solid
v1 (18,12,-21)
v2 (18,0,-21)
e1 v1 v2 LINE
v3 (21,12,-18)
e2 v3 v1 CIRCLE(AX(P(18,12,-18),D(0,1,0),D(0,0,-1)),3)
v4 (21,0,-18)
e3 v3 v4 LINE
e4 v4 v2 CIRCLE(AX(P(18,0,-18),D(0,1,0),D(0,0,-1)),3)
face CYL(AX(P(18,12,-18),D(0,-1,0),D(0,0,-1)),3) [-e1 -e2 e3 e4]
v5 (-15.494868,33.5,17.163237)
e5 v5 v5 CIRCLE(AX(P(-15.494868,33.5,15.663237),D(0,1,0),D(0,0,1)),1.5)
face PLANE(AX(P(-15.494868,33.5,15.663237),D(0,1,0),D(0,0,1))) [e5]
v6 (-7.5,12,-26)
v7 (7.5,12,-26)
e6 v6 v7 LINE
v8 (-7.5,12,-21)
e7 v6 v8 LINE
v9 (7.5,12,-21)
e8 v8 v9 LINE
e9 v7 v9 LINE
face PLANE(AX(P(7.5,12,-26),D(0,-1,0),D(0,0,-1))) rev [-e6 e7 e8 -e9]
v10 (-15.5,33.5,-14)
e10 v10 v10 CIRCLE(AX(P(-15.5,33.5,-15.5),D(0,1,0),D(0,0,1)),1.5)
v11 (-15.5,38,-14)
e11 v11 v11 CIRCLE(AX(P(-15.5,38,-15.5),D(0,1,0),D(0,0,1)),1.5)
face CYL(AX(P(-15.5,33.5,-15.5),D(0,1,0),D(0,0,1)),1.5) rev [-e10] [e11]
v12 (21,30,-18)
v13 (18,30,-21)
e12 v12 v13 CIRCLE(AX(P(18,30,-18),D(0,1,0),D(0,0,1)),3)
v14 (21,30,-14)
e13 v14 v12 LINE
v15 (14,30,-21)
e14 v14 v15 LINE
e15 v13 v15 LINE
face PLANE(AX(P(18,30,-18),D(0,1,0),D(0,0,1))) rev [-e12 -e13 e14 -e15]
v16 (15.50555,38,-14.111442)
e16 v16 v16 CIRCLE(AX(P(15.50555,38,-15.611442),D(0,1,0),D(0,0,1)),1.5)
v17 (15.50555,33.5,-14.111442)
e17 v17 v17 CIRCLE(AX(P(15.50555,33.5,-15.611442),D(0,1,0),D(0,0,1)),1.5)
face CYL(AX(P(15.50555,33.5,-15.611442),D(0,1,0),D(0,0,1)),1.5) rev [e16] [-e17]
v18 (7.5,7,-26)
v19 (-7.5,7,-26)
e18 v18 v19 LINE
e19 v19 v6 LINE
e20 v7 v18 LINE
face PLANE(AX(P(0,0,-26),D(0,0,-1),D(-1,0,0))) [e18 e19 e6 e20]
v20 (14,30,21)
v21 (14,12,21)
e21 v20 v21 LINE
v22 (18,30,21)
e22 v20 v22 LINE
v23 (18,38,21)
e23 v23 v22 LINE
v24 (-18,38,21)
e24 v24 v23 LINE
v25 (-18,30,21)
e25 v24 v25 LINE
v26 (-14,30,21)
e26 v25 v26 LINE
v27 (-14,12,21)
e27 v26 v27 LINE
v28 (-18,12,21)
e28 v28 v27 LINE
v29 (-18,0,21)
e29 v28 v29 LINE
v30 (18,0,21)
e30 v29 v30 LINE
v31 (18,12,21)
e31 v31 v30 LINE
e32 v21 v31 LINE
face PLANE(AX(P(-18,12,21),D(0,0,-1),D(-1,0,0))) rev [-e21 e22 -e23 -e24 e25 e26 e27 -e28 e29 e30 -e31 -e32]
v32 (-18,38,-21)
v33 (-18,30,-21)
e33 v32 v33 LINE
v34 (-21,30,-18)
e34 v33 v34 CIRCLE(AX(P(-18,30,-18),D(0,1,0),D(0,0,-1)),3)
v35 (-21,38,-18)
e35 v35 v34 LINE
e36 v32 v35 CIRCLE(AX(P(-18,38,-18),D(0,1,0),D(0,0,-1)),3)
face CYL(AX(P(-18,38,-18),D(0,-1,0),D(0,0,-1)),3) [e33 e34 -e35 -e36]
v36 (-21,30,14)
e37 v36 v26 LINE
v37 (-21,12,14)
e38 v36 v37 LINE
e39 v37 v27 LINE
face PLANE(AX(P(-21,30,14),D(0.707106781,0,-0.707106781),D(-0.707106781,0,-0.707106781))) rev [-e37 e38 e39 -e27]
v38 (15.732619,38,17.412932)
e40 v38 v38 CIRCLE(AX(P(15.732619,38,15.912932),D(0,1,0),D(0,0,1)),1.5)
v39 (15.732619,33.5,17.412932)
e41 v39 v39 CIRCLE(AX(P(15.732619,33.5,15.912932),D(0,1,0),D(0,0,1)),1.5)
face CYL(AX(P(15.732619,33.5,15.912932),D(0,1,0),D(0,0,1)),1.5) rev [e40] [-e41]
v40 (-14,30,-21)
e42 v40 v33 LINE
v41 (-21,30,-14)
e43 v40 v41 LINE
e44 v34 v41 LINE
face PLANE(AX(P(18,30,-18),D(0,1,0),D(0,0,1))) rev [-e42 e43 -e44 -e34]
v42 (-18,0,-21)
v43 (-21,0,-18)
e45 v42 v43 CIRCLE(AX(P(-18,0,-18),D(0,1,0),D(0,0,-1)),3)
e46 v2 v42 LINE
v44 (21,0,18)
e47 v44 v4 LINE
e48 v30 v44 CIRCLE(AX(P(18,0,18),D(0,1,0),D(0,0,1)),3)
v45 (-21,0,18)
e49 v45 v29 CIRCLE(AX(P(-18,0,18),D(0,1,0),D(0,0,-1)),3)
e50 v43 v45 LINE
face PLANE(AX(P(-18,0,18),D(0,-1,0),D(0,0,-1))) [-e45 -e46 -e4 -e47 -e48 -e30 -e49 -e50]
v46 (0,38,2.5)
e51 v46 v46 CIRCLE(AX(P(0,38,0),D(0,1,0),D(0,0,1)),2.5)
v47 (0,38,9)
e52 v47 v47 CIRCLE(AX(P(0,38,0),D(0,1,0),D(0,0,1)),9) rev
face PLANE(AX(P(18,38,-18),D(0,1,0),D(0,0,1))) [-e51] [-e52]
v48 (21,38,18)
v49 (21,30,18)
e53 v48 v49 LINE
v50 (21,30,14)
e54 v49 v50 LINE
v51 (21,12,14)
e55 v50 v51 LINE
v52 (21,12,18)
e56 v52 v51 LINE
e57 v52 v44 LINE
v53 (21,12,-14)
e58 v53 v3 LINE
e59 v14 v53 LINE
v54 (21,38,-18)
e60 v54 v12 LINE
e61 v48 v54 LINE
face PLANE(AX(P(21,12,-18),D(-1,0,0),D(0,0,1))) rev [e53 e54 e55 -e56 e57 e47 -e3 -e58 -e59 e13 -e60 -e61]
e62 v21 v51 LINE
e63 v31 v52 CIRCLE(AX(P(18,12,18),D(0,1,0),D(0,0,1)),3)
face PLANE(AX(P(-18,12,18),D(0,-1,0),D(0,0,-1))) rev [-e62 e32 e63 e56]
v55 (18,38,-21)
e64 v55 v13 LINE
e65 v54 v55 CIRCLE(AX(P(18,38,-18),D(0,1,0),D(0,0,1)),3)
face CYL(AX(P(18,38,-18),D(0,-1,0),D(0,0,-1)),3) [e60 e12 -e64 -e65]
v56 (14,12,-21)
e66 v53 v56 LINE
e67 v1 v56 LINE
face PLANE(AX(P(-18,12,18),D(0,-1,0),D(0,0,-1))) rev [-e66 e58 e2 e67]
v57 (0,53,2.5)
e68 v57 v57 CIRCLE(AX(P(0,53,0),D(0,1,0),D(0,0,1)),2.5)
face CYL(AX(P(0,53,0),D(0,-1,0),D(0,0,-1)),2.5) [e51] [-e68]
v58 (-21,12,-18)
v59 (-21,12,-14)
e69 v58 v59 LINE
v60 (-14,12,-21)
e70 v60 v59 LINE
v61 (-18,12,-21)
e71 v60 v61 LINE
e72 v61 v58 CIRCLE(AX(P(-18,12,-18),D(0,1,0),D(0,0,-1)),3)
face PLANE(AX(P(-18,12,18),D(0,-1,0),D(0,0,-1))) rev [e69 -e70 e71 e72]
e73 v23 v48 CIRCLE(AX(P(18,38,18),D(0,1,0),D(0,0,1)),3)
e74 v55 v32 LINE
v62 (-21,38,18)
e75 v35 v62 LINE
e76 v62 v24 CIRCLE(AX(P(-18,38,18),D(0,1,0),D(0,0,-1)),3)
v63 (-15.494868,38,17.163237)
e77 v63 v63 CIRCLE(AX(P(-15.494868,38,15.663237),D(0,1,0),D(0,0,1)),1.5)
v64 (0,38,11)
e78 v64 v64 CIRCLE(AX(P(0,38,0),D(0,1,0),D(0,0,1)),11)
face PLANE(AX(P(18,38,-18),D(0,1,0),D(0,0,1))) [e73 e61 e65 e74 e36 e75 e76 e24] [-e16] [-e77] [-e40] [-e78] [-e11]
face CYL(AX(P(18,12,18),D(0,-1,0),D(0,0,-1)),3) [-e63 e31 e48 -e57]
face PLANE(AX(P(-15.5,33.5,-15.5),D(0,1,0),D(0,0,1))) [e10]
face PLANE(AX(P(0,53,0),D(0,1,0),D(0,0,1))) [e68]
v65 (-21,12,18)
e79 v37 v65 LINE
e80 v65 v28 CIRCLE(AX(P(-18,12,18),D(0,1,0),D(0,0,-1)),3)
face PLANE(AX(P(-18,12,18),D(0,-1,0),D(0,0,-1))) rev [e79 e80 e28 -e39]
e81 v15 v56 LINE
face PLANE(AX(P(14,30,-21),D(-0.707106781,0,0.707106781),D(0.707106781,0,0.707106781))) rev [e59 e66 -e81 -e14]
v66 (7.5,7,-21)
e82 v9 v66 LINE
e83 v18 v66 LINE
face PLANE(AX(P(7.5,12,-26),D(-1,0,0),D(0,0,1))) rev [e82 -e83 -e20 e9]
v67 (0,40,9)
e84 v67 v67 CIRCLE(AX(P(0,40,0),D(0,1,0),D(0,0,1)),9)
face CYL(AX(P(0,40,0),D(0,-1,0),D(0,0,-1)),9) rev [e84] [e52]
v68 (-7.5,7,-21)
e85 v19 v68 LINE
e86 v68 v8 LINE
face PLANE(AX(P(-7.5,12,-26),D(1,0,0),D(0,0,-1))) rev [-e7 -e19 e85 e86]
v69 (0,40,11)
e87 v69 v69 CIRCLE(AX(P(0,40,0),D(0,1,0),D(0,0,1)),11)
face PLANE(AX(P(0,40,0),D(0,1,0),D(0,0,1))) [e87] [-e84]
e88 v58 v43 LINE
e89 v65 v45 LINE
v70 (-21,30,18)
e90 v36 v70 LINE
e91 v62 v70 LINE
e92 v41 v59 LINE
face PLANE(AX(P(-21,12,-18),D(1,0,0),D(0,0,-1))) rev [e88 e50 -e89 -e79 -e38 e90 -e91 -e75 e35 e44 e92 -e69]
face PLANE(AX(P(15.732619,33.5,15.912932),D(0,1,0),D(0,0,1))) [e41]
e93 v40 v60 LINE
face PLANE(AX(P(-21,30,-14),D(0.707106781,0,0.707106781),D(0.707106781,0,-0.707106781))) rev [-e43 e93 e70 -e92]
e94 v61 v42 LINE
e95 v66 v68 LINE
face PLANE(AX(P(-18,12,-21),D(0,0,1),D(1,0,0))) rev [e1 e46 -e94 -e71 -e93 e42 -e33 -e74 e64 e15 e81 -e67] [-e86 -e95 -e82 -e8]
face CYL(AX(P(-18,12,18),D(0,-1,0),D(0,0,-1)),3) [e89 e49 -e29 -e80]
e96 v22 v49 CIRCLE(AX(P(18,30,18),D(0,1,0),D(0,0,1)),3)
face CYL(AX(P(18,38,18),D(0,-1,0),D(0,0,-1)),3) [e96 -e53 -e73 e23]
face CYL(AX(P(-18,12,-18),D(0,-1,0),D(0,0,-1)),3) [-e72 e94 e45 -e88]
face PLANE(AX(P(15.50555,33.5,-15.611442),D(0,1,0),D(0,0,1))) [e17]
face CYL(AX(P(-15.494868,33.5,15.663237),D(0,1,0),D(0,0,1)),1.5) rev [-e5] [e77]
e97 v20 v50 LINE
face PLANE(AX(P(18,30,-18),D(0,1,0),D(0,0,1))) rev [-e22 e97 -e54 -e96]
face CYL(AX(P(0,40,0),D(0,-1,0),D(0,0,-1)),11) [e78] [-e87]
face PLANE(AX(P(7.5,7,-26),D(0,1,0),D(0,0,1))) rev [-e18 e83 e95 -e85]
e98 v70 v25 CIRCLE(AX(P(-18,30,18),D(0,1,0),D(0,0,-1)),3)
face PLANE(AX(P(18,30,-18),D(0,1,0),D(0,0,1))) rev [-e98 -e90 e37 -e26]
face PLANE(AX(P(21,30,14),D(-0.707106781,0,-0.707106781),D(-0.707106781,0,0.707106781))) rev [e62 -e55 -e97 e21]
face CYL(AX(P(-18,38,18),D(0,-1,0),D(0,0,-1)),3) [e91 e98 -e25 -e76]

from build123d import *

# Parameters (mm, degrees)
BOSS_EXTRUDE1_DEPTH = 12
BOSS_EXTRUDE2_DEPTH = 18
BOSS_EXTRUDE3_DEPTH = 8
SKETCH5_R           = 11
SKETCH5_R_2         = 9
BOSS_EXTRUDE4_DEPTH = 2
SKETCH6_R           = 2.5
BOSS_EXTRUDE5_DEPTH = 15
SKETCH7_R           = 1.5
CUT_EXTRUDE1_DEPTH  = 4.5
SKETCH9_W           = 15
SKETCH9_H           = 5
BOSS_EXTRUDE6_DEPTH = 5


with BuildPart() as part:
    # Sketch2 → Boss-Extrude1 (new body)
    with BuildSketch(Plane(origin=(0, 0, 0), x_dir=(1, 0, 0), z_dir=(0, 1, 0))):
        with BuildLine():
            Line((-18, 21), (18, 21))
            ThreePointArc((18, 21), (20.121320344, 20.121320344), (21, 18))
            Line((21, 18), (21, -18))
            ThreePointArc((21, -18), (20.121320344, -20.121320344), (18, -21))
            Line((18, -21), (-18, -21))
            ThreePointArc((-18, -21), (-20.121320344, -20.121320344), (-21, -18))
            Line((-21, -18), (-21, 18))
            ThreePointArc((-21, 18), (-20.121320344, 20.121320344), (-18, 21))
        make_face()
    extrude(amount=BOSS_EXTRUDE1_DEPTH)

    # Sketch3 → Boss-Extrude2 (add)
    with BuildSketch(Plane(origin=(0, 12, 0), x_dir=(1, 0, 0), z_dir=(0, 1, 0))):
        Polygon((-21, 14), (-14, 21), (14, 21), (21, 14), (21, -14), (14, -21), (-14, -21), (-21, -14), align=None)
    extrude(amount=BOSS_EXTRUDE2_DEPTH)

    # Sketch4 → Boss-Extrude3 (add)
    with BuildSketch(Plane(origin=(0, 30, 0), x_dir=(1, 0, 0), z_dir=(0, 1, 0))):
        with BuildLine():
            Line((-18, 21), (18, 21))
            ThreePointArc((18, 21), (20.121320344, 20.121320344), (21, 18))
            Line((21, 18), (21, -18))
            ThreePointArc((21, -18), (20.121320344, -20.121320344), (18, -21))
            Line((18, -21), (-18, -21))
            ThreePointArc((-18, -21), (-20.121320344, -20.121320344), (-21, -18))
            Line((-21, -18), (-21, 18))
            ThreePointArc((-21, 18), (-20.121320344, 20.121320344), (-18, 21))
        make_face()
    extrude(amount=BOSS_EXTRUDE3_DEPTH)

    # Sketch5 → Boss-Extrude4 (add)
    with BuildSketch(Plane(origin=(0, 38, 0), x_dir=(1, 0, 0), z_dir=(0, 1, 0))):
        with Locations(Location((0, 0, 0), (0, 0, 270))):
            Circle(SKETCH5_R)
        with Locations(Location((0, 0, 0), (0, 0, 270))):
            Circle(SKETCH5_R_2, mode=Mode.SUBTRACT)
    extrude(amount=BOSS_EXTRUDE4_DEPTH)

    # Sketch6 → Boss-Extrude5 (add)
    with BuildSketch(Plane(origin=(0, 38, 0), x_dir=(1, 0, 0), z_dir=(0, 1, 0))):
        with Locations(Location((0, 0, 0), (0, 0, 270))):
            Circle(SKETCH6_R)
    extrude(amount=BOSS_EXTRUDE5_DEPTH)

    # Sketch7 → Cut-Extrude1 (cut)
    with BuildSketch(Plane(origin=(0, 38, 0), x_dir=(1, 0, 0), z_dir=(0, 1, 0))):
        with Locations(Location((-15.5, 15.5, 0), (0, 0, 270))):
            Circle(SKETCH7_R)
        with Locations(Location((15.505550331, 15.61144176, 0), (0, 0, 270))):
            Circle(SKETCH7_R)
        with Locations(Location((15.732618971, -15.912931541, 0), (0, 0, 270))):
            Circle(SKETCH7_R)
        with Locations(Location((-15.494867745, -15.663236697, 0), (0, 0, 270))):
            Circle(SKETCH7_R)
    extrude(amount=-CUT_EXTRUDE1_DEPTH, mode=Mode.SUBTRACT)

    # Sketch9 → Boss-Extrude6 (add)
    with BuildSketch(Plane(origin=(0, 0, -21), x_dir=(-1, 0, 0), z_dir=(0, 0, -1))):
        with Locations((0, 9.5)):
            Rectangle(SKETCH9_W, SKETCH9_H)
    extrude(amount=BOSS_EXTRUDE6_DEPTH)


solid = part.part
